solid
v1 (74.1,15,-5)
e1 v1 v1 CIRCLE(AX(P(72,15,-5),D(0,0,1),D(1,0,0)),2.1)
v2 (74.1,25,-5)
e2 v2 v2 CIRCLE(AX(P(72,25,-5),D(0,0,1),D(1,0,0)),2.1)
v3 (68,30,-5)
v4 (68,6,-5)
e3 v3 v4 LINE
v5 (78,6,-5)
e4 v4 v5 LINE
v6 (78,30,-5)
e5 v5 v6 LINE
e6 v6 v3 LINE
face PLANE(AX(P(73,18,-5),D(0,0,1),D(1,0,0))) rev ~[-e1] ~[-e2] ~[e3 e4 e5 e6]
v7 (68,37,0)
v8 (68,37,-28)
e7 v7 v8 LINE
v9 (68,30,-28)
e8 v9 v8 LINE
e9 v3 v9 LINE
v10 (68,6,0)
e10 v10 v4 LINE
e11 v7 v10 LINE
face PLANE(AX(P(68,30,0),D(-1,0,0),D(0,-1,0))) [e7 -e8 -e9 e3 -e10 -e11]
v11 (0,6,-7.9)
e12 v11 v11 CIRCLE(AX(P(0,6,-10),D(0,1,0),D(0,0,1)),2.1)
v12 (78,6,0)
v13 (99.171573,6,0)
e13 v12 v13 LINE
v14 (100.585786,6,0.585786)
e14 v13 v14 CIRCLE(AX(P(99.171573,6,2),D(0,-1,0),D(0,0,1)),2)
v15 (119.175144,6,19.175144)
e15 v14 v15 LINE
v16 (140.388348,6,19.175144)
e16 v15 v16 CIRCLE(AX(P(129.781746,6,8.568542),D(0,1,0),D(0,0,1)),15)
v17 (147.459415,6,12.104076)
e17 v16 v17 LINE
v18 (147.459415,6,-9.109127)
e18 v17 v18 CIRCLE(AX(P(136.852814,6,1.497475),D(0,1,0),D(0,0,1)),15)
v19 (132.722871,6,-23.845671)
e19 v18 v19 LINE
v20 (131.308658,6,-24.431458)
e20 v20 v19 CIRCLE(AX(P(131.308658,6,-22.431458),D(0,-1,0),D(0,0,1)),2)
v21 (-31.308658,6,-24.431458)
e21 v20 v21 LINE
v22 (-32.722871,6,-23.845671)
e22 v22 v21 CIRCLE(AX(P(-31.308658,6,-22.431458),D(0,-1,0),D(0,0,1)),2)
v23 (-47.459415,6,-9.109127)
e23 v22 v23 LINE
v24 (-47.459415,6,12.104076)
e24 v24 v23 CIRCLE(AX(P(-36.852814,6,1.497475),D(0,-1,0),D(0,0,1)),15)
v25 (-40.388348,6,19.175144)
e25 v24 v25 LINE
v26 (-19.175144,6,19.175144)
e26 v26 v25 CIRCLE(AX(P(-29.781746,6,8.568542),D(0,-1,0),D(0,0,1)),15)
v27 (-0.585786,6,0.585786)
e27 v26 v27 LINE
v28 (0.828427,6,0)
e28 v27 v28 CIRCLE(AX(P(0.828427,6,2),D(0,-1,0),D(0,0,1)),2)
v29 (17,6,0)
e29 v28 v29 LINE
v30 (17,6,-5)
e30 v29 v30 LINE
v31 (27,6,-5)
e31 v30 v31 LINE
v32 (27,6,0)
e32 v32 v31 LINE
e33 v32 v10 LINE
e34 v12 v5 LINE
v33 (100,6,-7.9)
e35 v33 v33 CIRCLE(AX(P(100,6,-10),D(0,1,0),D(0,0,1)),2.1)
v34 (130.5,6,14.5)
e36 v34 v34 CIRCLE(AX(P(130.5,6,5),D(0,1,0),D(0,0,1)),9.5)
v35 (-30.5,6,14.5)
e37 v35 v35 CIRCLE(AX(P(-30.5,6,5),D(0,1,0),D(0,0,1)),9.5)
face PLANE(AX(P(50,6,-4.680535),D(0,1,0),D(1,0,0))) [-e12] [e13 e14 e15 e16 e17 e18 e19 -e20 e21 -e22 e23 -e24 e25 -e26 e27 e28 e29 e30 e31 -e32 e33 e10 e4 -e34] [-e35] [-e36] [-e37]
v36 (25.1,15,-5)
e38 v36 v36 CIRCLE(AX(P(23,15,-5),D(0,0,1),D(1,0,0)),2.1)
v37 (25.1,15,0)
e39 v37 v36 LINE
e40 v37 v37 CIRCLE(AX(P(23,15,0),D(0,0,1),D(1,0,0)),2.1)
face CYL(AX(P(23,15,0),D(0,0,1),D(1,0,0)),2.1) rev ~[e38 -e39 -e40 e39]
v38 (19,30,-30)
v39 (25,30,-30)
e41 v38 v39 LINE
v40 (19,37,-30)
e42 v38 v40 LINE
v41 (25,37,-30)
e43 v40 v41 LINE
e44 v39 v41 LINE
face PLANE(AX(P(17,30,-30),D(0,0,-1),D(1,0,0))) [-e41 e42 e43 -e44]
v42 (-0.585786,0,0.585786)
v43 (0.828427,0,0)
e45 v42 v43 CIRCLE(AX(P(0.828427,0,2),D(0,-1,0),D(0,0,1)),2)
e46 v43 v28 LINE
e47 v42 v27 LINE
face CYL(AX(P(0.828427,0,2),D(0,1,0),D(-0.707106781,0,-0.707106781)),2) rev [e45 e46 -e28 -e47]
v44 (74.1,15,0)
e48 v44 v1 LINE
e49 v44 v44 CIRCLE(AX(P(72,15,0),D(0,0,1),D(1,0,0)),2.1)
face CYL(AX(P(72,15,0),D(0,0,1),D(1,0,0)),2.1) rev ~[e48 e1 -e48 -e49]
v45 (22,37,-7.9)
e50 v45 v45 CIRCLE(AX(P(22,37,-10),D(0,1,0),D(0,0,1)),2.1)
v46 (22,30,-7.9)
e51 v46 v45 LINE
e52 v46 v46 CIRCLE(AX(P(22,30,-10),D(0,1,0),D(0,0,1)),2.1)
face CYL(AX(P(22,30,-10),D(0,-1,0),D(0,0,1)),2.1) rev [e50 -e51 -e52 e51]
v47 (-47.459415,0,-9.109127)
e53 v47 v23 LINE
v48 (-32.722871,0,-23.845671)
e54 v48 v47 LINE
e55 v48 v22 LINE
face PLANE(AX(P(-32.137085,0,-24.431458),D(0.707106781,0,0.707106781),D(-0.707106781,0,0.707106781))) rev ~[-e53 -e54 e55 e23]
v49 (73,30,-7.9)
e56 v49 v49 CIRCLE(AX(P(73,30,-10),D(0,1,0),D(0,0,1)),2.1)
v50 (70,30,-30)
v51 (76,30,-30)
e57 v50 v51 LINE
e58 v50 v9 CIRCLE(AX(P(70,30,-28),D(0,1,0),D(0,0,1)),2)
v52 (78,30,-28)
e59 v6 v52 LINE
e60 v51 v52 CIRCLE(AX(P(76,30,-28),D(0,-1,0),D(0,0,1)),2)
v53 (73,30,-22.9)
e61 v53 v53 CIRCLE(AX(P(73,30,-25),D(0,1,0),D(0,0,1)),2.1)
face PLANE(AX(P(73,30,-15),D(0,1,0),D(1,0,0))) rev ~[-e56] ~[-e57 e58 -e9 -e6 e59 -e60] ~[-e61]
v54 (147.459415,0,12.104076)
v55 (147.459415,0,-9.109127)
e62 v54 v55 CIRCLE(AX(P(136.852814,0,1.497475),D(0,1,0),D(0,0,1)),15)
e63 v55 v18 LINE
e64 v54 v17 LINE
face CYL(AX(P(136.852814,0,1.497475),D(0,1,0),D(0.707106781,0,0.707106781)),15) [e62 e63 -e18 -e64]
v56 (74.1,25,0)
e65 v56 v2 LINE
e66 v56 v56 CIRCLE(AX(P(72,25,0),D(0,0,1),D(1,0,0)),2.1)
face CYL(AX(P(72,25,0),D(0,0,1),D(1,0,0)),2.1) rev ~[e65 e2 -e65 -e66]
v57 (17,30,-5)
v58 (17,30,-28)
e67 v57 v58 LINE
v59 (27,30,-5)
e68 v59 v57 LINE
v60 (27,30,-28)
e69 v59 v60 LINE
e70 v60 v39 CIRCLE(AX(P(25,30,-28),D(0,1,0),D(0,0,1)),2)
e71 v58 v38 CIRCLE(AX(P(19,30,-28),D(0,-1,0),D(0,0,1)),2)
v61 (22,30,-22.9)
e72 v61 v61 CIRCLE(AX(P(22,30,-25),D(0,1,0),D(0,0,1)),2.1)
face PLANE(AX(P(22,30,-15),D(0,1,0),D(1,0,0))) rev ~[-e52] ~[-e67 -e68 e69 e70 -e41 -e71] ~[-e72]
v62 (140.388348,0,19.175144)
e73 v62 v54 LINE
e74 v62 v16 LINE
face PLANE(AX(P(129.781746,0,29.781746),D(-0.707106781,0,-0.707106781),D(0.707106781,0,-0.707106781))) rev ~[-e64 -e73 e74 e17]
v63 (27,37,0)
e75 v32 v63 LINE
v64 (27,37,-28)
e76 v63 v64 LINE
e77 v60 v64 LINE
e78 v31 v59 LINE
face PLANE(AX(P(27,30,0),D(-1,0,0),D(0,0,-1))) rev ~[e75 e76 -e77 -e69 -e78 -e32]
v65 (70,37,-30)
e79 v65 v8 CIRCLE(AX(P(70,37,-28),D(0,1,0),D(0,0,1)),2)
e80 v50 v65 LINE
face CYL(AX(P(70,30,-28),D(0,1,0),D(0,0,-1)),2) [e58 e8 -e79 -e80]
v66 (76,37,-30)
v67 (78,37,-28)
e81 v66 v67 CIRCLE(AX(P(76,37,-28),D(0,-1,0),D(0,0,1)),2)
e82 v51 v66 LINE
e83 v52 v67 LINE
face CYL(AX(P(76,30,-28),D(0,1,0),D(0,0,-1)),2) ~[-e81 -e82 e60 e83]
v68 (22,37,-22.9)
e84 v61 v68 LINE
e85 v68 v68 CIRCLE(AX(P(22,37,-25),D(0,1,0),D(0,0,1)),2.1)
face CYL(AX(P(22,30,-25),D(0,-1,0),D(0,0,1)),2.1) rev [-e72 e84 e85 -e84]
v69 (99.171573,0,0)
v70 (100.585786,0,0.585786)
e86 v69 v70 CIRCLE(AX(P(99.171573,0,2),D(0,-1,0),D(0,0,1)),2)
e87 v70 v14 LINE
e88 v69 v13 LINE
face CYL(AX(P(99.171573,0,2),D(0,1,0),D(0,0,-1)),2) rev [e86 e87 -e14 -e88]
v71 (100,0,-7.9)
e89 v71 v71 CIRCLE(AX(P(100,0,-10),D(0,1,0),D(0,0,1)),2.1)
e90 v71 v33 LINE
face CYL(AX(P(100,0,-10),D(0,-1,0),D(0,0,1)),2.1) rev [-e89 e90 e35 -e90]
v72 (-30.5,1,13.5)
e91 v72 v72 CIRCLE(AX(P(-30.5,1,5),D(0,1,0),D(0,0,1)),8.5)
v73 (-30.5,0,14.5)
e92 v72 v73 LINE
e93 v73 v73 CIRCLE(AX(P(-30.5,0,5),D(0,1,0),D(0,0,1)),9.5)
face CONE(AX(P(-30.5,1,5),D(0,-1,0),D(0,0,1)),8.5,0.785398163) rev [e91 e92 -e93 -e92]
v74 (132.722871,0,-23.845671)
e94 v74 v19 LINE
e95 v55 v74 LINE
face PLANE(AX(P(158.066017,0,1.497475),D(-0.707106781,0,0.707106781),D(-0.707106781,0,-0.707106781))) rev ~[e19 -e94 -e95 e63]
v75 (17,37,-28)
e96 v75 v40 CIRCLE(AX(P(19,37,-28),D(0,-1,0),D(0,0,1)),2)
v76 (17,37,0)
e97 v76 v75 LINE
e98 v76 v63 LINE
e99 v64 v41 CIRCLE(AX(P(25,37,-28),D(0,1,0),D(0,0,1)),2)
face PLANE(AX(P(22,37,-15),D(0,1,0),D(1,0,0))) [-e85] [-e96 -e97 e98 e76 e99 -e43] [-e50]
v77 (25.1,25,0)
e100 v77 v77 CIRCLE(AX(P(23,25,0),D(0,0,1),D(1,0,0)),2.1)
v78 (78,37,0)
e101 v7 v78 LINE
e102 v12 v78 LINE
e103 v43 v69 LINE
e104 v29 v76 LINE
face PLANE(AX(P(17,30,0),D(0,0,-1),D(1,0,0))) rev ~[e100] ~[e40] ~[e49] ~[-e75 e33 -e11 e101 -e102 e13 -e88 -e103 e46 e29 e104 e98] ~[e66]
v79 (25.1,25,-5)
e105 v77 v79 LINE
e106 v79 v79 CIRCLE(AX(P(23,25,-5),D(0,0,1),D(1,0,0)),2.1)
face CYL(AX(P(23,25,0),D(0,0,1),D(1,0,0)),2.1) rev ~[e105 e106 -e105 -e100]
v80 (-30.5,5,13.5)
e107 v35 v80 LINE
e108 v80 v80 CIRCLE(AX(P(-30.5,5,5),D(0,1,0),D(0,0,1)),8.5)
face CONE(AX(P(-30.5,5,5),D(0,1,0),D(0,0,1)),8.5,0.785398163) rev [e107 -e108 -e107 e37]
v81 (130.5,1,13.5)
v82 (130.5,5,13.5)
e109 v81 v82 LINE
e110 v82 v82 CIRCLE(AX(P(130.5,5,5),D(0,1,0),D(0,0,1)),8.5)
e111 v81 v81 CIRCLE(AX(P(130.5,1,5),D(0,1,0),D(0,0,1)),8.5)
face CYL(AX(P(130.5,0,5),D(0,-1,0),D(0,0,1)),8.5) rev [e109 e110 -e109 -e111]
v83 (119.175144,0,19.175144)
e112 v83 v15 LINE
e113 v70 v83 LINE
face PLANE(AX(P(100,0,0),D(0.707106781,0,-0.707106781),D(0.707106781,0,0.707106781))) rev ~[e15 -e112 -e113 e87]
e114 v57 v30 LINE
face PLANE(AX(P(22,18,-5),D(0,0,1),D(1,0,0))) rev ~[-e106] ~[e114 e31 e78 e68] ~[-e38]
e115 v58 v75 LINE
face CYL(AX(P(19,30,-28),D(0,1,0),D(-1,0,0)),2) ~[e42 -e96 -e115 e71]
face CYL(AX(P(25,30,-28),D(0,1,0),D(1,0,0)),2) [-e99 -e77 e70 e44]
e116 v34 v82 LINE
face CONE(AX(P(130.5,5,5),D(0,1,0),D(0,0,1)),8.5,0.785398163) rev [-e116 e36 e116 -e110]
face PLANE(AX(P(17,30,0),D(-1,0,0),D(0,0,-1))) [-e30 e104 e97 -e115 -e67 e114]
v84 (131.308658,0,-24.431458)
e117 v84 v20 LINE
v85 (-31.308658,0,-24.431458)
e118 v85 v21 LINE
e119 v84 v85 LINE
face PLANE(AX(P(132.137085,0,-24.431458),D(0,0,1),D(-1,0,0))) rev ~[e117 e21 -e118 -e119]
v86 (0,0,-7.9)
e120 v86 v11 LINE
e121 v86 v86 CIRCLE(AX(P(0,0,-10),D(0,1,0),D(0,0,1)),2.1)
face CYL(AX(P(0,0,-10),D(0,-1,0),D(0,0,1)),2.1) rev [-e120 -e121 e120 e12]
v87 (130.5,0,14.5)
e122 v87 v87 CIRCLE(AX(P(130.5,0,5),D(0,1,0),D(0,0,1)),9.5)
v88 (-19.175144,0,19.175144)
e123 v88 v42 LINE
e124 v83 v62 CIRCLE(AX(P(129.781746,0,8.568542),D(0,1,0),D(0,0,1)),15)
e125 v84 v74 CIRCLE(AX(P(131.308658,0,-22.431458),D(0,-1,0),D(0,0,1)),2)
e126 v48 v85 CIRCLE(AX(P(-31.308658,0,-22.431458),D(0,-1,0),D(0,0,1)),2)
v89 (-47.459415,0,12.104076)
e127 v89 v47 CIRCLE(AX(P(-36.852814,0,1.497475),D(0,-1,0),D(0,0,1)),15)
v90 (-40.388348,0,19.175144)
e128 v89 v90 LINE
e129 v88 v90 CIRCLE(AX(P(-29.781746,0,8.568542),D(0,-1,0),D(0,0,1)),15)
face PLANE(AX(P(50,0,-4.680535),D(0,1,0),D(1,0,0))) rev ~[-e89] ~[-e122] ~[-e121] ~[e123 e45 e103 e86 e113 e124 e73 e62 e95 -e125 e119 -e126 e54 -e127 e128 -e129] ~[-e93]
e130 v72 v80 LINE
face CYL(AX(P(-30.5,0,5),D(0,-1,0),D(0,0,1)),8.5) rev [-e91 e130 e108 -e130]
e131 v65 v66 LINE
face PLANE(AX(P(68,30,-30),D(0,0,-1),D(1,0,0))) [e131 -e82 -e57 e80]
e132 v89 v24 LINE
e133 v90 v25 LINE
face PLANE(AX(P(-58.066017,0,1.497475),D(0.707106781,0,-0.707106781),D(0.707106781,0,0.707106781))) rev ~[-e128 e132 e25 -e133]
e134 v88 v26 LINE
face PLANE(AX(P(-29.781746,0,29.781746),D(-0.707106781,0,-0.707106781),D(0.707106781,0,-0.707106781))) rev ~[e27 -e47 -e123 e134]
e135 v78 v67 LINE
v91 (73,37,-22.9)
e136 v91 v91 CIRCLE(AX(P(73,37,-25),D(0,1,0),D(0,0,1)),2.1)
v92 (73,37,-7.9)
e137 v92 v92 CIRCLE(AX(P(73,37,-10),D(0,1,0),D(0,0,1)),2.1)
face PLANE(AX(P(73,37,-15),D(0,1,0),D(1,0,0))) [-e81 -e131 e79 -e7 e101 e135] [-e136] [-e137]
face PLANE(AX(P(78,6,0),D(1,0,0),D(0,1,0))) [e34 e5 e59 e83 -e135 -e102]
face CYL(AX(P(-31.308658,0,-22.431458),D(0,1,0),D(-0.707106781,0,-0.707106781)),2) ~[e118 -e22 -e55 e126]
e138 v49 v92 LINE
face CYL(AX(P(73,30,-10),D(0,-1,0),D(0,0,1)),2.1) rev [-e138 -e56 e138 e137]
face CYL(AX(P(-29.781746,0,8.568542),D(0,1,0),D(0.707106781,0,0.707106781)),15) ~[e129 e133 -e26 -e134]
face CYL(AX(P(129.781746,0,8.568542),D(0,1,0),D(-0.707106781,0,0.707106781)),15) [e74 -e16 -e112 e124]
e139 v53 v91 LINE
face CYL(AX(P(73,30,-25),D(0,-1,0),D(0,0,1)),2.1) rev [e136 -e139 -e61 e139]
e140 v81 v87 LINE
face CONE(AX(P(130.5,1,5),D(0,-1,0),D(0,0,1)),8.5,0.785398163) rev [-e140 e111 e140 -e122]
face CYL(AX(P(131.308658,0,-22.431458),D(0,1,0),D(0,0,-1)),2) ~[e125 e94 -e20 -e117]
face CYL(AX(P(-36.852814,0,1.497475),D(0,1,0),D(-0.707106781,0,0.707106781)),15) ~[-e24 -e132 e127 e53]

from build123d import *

# Parameters (mm, degrees)
SKETCH_1_R      = 8.5
SKETCH_1_R_2    = 2.1
EXTRUDE_1_DEPTH = 6
FILLET_1_R      = 15
FILLET_2_R      = 2
SKETCH_2_R      = 2.1
EXTRUDE_2_DEPTH = 5
SKETCH_3_W      = 10
SKETCH_3_H      = 30
SKETCH_3_R      = 2.1
EXTRUDE_3_DEPTH = 7
FILLET_4_R      = 2
FILLET_5_R      = 2
CHAMFER_1_SIZE  = 1


with BuildPart() as part:
    # 草图1 → 凸台-拉伸1 (new body)
    with BuildSketch(Plane(origin=(0, 0, 0), x_dir=(1, 0, 0), z_dir=(0, 1, 0))):
        Polygon((0, 0), (100, 0), (129.781745931, -29.781745931), (158.066017178, -1.497474683), (132.13708499, 24.431457505), (70, 24.431457505), (30, 24.431457505), (-32.13708499, 24.431457505), (-58.066017178, -1.497474683), (-29.781745931, -29.781745931), align=None)
        with Locations(Location((-30.5, -5, 0), (0, 0, 270))):
            Circle(SKETCH_1_R, mode=Mode.SUBTRACT)
        with Locations(Location((130.5, -5, 0), (0, 0, 270))):
            Circle(SKETCH_1_R, mode=Mode.SUBTRACT)
        with Locations(Location((0, 10, 0), (0, 0, 270))):
            Circle(SKETCH_1_R_2, mode=Mode.SUBTRACT)
        with Locations(Location((100, 10, 0), (0, 0, 270))):
            Circle(SKETCH_1_R_2, mode=Mode.SUBTRACT)
    extrude(amount=EXTRUDE_1_DEPTH)

    # 圆角1
    fillet_1_edges = [part.edges().sort_by_distance(p)[0] for p in [
        (-29.781745931, 3, 29.781745931),
        (-58.066017178, 3, 1.497474683),
        (158.066017178, 3, 1.497474683),
        (129.781745931, 3, 29.781745931),
    ]]
    fillet(fillet_1_edges, radius=FILLET_1_R)

    # 圆角2
    fillet_2_edges = [part.edges().sort_by_distance(p)[0] for p in [
        (100, 3, 0),
        (0, 3, 0),
    ]]
    fillet(fillet_2_edges, radius=FILLET_2_R)

    # 草图2 → 凸台-拉伸2 (add)
    # profile 1 of 4: a face of its own
    with BuildSketch(Plane.XY):
        Polygon((17, 6), (23, 6), (27, 6), (27, 30), (17, 30), align=None)
        with Locations((23, 15)):
            Circle(SKETCH_2_R, mode=Mode.SUBTRACT)
        with Locations((23, 25)):
            Circle(SKETCH_2_R, mode=Mode.SUBTRACT)
    # profile 2 of 4: a face of its own
    with BuildSketch(Plane.XY):
        Polygon((27, 6), (23, 6), (17, 6), (17, 0), (27, 0), align=None)
    # profile 3 of 4: a face of its own
    with BuildSketch(Plane.XY):
        Polygon((68, 30), (68, 6), (72, 6), (78, 6), (78, 30), align=None)
        with Locations((72, 15)):
            Circle(SKETCH_2_R, mode=Mode.SUBTRACT)
        with Locations((72, 25)):
            Circle(SKETCH_2_R, mode=Mode.SUBTRACT)
    # profile 4 of 4: a face of its own
    with BuildSketch(Plane.XY):
        Polygon((72, 6), (68, 6), (68, 0), (78, 0), (78, 6), align=None)
    extrude(amount=-EXTRUDE_2_DEPTH)

    # 草图3 → 凸台-拉伸3 (add)
    # profile 1 of 2: a face of its own
    with BuildSketch(Plane(origin=(0, 30, 0), x_dir=(1, 0, 0), z_dir=(0, 1, 0))):
        with Locations((22, 15)):
            Rectangle(SKETCH_3_W, SKETCH_3_H)
        with Locations(Location((22, 25, 0), (0, 0, 270))):
            Circle(SKETCH_3_R, mode=Mode.SUBTRACT)
        with Locations(Location((22, 10, 0), (0, 0, 270))):
            Circle(SKETCH_3_R, mode=Mode.SUBTRACT)
    # profile 2 of 2: a face of its own
    with BuildSketch(Plane(origin=(0, 30, 0), x_dir=(1, 0, 0), z_dir=(0, 1, 0))):
        with Locations((73, 15)):
            Rectangle(SKETCH_3_W, SKETCH_3_H)
        with Locations(Location((73, 25, 0), (0, 0, 270))):
            Circle(SKETCH_3_R, mode=Mode.SUBTRACT)
        with Locations(Location((73, 10, 0), (0, 0, 270))):
            Circle(SKETCH_3_R, mode=Mode.SUBTRACT)
    extrude(amount=EXTRUDE_3_DEPTH)

    # 圆角4
    fillet_4_edges = [part.edges().sort_by_distance(p)[0] for p in [
        (27, 33.5, -30),
        (17, 33.5, -30),
        (78, 33.5, -30),
        (68, 33.5, -30),
    ]]
    fillet(fillet_4_edges, radius=FILLET_4_R)

    # 圆角5
    fillet_5_edges = [part.edges().sort_by_distance(p)[0] for p in [
        (-32.13708499, 3, -24.431457505),
        (132.13708499, 3, -24.431457505),
    ]]
    fillet(fillet_5_edges, radius=FILLET_5_R)

    # 倒角1
    chamfer_1_edges = [part.edges().sort_by_distance(p)[0] for p in [
        (-30.5, 0, -3.5),
        (-30.5, 6, -3.5),
        (130.5, 0, -3.5),
        (130.5, 6, -3.5),
    ]]
    chamfer(chamfer_1_edges, length=CHAMFER_1_SIZE)


solid = part.part
